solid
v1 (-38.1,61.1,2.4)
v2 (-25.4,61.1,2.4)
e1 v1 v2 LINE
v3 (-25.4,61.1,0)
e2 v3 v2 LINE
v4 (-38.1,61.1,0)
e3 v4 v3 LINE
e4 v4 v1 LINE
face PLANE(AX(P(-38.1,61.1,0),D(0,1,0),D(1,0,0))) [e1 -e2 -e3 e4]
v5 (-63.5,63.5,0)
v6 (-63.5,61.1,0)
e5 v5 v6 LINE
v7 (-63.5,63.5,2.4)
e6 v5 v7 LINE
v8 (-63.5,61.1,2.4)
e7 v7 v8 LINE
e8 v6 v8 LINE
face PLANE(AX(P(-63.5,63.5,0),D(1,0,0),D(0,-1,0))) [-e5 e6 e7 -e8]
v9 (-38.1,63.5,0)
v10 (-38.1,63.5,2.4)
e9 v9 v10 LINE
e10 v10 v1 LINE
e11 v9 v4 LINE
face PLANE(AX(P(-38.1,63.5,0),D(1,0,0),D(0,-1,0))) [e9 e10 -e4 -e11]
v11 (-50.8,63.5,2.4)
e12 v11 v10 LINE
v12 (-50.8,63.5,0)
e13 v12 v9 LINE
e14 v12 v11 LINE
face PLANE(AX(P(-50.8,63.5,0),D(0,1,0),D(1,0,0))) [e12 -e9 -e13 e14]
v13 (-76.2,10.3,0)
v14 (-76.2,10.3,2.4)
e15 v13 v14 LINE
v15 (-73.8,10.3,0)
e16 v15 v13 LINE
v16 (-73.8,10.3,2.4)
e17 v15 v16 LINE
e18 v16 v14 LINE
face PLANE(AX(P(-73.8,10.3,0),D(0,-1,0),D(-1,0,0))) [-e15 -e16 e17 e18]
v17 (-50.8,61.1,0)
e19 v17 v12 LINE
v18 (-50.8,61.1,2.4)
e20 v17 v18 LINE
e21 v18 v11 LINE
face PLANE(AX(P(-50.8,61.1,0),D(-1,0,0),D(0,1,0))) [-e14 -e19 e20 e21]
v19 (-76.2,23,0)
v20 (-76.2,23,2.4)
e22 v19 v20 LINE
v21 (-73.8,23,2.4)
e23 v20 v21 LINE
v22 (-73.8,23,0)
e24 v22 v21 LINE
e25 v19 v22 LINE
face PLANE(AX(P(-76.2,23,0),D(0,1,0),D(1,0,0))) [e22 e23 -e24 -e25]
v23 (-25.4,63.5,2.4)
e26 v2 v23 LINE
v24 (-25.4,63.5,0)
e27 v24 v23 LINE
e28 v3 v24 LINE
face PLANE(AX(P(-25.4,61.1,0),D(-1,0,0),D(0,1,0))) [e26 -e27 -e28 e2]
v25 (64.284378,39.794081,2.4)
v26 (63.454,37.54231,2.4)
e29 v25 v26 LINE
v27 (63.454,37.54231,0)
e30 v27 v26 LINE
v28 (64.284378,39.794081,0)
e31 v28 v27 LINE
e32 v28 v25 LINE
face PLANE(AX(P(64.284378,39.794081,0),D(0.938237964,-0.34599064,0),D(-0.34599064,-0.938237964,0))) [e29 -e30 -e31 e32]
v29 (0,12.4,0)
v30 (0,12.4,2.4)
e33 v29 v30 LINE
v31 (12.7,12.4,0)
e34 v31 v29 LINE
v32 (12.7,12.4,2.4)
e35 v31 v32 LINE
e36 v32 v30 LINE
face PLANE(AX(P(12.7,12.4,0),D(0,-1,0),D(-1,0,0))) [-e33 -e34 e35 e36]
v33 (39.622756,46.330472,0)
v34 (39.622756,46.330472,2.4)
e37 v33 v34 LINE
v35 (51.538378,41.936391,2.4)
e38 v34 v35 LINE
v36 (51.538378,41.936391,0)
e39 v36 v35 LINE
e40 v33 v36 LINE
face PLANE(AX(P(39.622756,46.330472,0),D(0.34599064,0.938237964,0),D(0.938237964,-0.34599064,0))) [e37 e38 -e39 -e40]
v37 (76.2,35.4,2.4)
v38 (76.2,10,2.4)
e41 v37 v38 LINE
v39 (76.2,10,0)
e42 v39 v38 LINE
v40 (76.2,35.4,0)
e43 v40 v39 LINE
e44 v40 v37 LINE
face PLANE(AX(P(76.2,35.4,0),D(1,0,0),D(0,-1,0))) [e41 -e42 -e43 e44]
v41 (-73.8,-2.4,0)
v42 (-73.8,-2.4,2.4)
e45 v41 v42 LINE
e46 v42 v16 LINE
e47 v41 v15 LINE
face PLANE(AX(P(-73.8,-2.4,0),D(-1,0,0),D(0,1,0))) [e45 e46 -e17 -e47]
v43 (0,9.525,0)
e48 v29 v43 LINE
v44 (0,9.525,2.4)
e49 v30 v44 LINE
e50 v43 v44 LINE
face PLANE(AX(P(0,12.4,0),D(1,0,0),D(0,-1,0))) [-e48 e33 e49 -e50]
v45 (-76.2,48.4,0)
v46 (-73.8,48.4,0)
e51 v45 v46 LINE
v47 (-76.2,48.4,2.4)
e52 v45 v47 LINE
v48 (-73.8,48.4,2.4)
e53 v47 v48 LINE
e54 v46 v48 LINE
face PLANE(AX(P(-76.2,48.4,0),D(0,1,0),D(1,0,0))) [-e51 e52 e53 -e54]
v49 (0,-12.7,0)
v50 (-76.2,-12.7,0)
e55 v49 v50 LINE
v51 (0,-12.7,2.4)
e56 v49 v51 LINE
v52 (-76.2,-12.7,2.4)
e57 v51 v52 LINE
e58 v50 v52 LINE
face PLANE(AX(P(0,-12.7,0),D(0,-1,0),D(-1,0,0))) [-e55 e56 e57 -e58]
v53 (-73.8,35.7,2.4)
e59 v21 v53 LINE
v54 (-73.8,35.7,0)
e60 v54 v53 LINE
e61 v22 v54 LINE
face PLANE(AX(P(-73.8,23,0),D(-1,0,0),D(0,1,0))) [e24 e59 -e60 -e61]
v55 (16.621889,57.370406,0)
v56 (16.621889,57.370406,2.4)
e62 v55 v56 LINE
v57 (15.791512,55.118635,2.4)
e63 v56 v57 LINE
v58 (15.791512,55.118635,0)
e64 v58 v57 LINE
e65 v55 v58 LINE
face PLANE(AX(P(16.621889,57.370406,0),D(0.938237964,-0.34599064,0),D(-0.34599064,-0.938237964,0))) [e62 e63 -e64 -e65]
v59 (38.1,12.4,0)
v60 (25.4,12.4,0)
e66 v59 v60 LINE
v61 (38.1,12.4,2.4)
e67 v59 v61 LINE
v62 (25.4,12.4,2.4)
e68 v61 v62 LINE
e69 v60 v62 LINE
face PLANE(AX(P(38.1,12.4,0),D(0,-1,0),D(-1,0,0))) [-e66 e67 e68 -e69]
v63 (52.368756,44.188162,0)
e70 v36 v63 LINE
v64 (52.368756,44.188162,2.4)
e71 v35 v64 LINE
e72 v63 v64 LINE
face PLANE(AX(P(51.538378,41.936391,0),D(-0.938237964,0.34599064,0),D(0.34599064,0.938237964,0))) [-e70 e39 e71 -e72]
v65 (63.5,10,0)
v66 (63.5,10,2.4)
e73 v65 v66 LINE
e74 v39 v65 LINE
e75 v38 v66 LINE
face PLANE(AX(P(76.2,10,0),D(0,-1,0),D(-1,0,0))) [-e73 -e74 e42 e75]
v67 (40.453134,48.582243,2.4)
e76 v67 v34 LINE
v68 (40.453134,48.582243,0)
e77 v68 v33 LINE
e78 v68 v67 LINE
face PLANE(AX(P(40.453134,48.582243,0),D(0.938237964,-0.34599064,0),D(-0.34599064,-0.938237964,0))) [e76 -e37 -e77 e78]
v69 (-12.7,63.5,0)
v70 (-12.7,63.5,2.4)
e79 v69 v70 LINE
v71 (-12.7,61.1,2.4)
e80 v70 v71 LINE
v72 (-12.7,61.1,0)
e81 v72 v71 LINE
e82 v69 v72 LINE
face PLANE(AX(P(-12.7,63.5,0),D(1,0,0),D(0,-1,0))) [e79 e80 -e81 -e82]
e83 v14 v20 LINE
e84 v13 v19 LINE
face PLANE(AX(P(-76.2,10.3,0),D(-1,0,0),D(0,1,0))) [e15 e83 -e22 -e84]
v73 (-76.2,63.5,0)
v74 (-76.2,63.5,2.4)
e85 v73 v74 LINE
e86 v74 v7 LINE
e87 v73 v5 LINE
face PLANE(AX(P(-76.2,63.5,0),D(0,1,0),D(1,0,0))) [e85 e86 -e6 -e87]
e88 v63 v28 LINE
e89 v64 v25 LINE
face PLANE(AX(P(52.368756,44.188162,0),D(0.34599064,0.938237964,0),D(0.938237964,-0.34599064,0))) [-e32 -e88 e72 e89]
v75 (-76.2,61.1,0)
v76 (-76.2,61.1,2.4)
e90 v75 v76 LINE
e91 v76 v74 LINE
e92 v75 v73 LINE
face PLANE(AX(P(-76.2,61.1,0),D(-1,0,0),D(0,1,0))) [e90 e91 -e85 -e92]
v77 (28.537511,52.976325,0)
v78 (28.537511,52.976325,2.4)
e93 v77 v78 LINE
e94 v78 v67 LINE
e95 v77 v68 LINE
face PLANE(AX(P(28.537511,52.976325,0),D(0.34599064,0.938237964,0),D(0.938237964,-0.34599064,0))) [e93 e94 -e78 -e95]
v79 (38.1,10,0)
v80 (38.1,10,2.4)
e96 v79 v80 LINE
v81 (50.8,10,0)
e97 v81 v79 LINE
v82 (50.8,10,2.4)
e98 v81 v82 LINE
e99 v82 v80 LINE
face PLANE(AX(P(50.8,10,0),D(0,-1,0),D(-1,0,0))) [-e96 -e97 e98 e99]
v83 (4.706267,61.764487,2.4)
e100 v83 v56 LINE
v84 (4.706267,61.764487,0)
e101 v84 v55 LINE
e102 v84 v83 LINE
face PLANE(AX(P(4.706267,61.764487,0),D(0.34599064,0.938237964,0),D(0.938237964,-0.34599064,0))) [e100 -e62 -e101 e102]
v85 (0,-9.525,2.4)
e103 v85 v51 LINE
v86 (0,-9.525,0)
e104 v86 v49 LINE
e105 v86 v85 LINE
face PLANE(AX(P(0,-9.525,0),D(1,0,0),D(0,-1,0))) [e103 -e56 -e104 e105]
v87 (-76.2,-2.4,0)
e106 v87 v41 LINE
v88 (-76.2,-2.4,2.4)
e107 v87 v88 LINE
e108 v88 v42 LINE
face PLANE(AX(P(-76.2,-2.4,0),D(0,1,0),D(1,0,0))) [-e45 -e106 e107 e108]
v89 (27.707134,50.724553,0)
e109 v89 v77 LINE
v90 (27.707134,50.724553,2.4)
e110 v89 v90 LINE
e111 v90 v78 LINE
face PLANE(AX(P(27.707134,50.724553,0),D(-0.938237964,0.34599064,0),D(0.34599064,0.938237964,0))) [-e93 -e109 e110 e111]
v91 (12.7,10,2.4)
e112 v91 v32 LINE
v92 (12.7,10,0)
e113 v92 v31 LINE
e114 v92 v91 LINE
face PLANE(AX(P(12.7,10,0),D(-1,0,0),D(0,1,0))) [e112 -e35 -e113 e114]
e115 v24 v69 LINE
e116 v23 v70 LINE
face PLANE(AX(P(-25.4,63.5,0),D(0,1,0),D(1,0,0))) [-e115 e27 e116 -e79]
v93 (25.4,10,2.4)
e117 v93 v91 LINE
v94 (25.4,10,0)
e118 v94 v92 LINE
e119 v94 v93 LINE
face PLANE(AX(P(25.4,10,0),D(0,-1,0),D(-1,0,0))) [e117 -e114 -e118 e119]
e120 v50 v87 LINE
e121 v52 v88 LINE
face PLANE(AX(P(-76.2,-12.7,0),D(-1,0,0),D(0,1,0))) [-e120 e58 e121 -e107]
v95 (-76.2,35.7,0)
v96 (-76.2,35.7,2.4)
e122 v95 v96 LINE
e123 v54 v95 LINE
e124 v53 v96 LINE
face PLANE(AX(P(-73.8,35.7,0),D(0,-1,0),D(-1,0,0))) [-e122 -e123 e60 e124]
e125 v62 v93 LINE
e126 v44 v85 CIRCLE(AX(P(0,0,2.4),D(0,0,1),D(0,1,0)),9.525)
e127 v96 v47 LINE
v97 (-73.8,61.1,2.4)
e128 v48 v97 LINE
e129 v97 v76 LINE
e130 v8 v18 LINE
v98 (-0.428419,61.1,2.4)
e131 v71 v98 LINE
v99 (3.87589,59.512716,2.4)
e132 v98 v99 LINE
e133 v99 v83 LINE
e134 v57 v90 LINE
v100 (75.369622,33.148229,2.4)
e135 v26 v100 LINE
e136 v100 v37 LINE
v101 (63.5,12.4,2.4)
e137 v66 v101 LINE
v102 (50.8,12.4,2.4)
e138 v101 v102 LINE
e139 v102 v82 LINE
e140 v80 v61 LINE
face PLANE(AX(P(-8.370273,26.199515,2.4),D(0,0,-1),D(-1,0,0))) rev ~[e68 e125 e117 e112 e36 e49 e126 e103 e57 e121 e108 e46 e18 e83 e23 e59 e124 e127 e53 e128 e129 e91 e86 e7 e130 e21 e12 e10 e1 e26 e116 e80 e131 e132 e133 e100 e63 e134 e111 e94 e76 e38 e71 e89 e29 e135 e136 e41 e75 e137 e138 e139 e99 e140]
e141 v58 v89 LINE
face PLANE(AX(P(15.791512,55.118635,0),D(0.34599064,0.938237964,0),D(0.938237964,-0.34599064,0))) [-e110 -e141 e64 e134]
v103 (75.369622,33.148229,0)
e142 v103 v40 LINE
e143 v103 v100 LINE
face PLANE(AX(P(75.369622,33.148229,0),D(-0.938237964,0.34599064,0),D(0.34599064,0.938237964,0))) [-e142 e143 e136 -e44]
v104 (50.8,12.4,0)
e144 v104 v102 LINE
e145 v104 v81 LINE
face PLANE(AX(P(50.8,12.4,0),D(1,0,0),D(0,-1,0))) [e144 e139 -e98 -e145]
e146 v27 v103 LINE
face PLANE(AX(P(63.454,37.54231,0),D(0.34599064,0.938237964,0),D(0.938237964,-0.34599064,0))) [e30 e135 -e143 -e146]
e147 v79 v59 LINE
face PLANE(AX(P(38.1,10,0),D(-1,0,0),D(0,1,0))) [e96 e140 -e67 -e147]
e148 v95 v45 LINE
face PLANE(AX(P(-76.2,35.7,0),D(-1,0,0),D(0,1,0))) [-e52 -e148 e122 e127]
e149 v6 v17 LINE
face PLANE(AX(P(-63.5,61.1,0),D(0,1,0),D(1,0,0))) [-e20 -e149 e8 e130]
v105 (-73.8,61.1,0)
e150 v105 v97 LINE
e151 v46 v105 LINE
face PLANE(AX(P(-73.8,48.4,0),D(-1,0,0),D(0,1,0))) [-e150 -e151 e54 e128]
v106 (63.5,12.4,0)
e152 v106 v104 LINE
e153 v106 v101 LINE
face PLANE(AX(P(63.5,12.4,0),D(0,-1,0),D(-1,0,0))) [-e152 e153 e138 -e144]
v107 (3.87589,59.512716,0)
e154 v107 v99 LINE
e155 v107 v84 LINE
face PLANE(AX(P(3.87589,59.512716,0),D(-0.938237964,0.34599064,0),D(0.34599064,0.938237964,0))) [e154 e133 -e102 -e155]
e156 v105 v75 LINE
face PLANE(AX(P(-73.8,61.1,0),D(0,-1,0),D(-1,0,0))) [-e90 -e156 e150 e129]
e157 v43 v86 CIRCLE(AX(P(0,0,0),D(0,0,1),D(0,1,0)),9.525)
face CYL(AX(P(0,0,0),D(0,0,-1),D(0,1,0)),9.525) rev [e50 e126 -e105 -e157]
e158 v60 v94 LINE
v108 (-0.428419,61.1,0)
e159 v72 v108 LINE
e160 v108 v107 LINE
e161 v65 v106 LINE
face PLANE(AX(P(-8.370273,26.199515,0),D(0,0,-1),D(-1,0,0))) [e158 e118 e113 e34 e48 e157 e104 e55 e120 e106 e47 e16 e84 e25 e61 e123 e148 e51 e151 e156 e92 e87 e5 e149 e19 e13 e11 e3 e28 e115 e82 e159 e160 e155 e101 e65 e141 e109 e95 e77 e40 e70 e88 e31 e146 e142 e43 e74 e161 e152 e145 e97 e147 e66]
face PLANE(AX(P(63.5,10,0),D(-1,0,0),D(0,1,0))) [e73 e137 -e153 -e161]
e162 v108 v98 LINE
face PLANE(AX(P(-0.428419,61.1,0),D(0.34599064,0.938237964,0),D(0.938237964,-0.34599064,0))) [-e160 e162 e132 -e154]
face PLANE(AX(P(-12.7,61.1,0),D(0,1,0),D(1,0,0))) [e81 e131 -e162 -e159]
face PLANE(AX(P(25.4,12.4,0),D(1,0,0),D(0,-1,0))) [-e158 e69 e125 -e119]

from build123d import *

# Parameters (mm, degrees)
BOSS_EXTRUDE1_DEPTH = 2.4


with BuildPart() as part:
    # Sketch1 → Boss-Extrude1 (new body)
    with BuildSketch(Plane.XY):
        with BuildLine():
            Line((-76.2, -12.7), (-76.2, -2.4))
            Line((-76.2, -2.4), (-73.8, -2.4))
            Line((-73.8, -2.4), (-73.8, 10.3))
            Line((-73.8, 10.3), (-76.2, 10.3))
            Line((-76.2, 10.3), (-76.2, 23))
            Line((-76.2, 23), (-73.8, 23))
            Line((-73.8, 23), (-73.8, 35.7))
            Line((-73.8, 35.7), (-76.2, 35.7))
            Line((-76.2, 35.7), (-76.2, 48.4))
            Line((-76.2, 48.4), (-73.8, 48.4))
            Line((-73.8, 48.4), (-73.8, 61.1))
            Line((-73.8, 61.1), (-76.2, 61.1))
            Line((-76.2, 61.1), (-76.2, 63.5))
            Line((-76.2, 63.5), (-63.5, 63.5))
            Line((-63.5, 63.5), (-63.5, 61.1))
            Line((-63.5, 61.1), (-50.8, 61.1))
            Line((-50.8, 61.1), (-50.8, 63.5))
            Line((-50.8, 63.5), (-38.1, 63.5))
            Line((-38.1, 63.5), (-38.1, 61.1))
            Line((-38.1, 61.1), (-25.4, 61.1))
            Line((-25.4, 61.1), (-25.4, 63.5))
            Line((-25.4, 63.5), (-12.7, 63.5))
            Line((-12.7, 63.5), (-12.7, 61.1))
            Line((-12.7, 61.1), (-0.428418776, 61.1))
            Line((-0.428418776, 61.1), (3.875889615, 59.512715672))
            Line((3.875889615, 59.512715672), (4.706267152, 61.764486785))
            Line((4.706267152, 61.764486785), (16.621889293, 57.370405654))
            Line((16.621889293, 57.370405654), (15.791511757, 55.118634541))
            Line((15.791511757, 55.118634541), (27.707133898, 50.72455341))
            Line((27.707133898, 50.72455341), (28.537511435, 52.976324523))
            Line((28.537511435, 52.976324523), (40.453133576, 48.582243393))
            Line((40.453133576, 48.582243393), (39.622756039, 46.330472279))
            Line((39.622756039, 46.330472279), (51.538378181, 41.936391148))
            Line((51.538378181, 41.936391148), (52.368755717, 44.188162262))
            Line((52.368755717, 44.188162262), (64.284377859, 39.794081131))
            Line((64.284377859, 39.794081131), (63.454000322, 37.542310018))
            Line((63.454000322, 37.542310018), (75.369622463, 33.148228887))
            Line((75.369622463, 33.148228887), (76.2, 35.4))
            Line((76.2, 35.4), (76.2, 10))
            Line((76.2, 10), (63.5, 10))
            Line((63.5, 10), (63.5, 12.4))
            Line((63.5, 12.4), (50.8, 12.4))
            Line((50.8, 12.4), (50.8, 10))
            Line((50.8, 10), (38.1, 10))
            Line((38.1, 10), (38.1, 12.4))
            Line((38.1, 12.4), (25.4, 12.4))
            Line((25.4, 12.4), (25.4, 10))
            Line((25.4, 10), (12.7, 10))
            Line((12.7, 10), (12.7, 12.4))
            Line((12.7, 12.4), (0, 12.4))
            Line((0, 12.4), (0, 10))
            Line((0, 10), (0, 9.525))
            ThreePointArc((0, 9.525), (-9.525, 0), (0, -9.525))
            Line((0, -9.525), (0, -12.7))
            Line((0, -12.7), (-76.2, -12.7))
        make_face()
    extrude(amount=BOSS_EXTRUDE1_DEPTH)


solid = part.part
